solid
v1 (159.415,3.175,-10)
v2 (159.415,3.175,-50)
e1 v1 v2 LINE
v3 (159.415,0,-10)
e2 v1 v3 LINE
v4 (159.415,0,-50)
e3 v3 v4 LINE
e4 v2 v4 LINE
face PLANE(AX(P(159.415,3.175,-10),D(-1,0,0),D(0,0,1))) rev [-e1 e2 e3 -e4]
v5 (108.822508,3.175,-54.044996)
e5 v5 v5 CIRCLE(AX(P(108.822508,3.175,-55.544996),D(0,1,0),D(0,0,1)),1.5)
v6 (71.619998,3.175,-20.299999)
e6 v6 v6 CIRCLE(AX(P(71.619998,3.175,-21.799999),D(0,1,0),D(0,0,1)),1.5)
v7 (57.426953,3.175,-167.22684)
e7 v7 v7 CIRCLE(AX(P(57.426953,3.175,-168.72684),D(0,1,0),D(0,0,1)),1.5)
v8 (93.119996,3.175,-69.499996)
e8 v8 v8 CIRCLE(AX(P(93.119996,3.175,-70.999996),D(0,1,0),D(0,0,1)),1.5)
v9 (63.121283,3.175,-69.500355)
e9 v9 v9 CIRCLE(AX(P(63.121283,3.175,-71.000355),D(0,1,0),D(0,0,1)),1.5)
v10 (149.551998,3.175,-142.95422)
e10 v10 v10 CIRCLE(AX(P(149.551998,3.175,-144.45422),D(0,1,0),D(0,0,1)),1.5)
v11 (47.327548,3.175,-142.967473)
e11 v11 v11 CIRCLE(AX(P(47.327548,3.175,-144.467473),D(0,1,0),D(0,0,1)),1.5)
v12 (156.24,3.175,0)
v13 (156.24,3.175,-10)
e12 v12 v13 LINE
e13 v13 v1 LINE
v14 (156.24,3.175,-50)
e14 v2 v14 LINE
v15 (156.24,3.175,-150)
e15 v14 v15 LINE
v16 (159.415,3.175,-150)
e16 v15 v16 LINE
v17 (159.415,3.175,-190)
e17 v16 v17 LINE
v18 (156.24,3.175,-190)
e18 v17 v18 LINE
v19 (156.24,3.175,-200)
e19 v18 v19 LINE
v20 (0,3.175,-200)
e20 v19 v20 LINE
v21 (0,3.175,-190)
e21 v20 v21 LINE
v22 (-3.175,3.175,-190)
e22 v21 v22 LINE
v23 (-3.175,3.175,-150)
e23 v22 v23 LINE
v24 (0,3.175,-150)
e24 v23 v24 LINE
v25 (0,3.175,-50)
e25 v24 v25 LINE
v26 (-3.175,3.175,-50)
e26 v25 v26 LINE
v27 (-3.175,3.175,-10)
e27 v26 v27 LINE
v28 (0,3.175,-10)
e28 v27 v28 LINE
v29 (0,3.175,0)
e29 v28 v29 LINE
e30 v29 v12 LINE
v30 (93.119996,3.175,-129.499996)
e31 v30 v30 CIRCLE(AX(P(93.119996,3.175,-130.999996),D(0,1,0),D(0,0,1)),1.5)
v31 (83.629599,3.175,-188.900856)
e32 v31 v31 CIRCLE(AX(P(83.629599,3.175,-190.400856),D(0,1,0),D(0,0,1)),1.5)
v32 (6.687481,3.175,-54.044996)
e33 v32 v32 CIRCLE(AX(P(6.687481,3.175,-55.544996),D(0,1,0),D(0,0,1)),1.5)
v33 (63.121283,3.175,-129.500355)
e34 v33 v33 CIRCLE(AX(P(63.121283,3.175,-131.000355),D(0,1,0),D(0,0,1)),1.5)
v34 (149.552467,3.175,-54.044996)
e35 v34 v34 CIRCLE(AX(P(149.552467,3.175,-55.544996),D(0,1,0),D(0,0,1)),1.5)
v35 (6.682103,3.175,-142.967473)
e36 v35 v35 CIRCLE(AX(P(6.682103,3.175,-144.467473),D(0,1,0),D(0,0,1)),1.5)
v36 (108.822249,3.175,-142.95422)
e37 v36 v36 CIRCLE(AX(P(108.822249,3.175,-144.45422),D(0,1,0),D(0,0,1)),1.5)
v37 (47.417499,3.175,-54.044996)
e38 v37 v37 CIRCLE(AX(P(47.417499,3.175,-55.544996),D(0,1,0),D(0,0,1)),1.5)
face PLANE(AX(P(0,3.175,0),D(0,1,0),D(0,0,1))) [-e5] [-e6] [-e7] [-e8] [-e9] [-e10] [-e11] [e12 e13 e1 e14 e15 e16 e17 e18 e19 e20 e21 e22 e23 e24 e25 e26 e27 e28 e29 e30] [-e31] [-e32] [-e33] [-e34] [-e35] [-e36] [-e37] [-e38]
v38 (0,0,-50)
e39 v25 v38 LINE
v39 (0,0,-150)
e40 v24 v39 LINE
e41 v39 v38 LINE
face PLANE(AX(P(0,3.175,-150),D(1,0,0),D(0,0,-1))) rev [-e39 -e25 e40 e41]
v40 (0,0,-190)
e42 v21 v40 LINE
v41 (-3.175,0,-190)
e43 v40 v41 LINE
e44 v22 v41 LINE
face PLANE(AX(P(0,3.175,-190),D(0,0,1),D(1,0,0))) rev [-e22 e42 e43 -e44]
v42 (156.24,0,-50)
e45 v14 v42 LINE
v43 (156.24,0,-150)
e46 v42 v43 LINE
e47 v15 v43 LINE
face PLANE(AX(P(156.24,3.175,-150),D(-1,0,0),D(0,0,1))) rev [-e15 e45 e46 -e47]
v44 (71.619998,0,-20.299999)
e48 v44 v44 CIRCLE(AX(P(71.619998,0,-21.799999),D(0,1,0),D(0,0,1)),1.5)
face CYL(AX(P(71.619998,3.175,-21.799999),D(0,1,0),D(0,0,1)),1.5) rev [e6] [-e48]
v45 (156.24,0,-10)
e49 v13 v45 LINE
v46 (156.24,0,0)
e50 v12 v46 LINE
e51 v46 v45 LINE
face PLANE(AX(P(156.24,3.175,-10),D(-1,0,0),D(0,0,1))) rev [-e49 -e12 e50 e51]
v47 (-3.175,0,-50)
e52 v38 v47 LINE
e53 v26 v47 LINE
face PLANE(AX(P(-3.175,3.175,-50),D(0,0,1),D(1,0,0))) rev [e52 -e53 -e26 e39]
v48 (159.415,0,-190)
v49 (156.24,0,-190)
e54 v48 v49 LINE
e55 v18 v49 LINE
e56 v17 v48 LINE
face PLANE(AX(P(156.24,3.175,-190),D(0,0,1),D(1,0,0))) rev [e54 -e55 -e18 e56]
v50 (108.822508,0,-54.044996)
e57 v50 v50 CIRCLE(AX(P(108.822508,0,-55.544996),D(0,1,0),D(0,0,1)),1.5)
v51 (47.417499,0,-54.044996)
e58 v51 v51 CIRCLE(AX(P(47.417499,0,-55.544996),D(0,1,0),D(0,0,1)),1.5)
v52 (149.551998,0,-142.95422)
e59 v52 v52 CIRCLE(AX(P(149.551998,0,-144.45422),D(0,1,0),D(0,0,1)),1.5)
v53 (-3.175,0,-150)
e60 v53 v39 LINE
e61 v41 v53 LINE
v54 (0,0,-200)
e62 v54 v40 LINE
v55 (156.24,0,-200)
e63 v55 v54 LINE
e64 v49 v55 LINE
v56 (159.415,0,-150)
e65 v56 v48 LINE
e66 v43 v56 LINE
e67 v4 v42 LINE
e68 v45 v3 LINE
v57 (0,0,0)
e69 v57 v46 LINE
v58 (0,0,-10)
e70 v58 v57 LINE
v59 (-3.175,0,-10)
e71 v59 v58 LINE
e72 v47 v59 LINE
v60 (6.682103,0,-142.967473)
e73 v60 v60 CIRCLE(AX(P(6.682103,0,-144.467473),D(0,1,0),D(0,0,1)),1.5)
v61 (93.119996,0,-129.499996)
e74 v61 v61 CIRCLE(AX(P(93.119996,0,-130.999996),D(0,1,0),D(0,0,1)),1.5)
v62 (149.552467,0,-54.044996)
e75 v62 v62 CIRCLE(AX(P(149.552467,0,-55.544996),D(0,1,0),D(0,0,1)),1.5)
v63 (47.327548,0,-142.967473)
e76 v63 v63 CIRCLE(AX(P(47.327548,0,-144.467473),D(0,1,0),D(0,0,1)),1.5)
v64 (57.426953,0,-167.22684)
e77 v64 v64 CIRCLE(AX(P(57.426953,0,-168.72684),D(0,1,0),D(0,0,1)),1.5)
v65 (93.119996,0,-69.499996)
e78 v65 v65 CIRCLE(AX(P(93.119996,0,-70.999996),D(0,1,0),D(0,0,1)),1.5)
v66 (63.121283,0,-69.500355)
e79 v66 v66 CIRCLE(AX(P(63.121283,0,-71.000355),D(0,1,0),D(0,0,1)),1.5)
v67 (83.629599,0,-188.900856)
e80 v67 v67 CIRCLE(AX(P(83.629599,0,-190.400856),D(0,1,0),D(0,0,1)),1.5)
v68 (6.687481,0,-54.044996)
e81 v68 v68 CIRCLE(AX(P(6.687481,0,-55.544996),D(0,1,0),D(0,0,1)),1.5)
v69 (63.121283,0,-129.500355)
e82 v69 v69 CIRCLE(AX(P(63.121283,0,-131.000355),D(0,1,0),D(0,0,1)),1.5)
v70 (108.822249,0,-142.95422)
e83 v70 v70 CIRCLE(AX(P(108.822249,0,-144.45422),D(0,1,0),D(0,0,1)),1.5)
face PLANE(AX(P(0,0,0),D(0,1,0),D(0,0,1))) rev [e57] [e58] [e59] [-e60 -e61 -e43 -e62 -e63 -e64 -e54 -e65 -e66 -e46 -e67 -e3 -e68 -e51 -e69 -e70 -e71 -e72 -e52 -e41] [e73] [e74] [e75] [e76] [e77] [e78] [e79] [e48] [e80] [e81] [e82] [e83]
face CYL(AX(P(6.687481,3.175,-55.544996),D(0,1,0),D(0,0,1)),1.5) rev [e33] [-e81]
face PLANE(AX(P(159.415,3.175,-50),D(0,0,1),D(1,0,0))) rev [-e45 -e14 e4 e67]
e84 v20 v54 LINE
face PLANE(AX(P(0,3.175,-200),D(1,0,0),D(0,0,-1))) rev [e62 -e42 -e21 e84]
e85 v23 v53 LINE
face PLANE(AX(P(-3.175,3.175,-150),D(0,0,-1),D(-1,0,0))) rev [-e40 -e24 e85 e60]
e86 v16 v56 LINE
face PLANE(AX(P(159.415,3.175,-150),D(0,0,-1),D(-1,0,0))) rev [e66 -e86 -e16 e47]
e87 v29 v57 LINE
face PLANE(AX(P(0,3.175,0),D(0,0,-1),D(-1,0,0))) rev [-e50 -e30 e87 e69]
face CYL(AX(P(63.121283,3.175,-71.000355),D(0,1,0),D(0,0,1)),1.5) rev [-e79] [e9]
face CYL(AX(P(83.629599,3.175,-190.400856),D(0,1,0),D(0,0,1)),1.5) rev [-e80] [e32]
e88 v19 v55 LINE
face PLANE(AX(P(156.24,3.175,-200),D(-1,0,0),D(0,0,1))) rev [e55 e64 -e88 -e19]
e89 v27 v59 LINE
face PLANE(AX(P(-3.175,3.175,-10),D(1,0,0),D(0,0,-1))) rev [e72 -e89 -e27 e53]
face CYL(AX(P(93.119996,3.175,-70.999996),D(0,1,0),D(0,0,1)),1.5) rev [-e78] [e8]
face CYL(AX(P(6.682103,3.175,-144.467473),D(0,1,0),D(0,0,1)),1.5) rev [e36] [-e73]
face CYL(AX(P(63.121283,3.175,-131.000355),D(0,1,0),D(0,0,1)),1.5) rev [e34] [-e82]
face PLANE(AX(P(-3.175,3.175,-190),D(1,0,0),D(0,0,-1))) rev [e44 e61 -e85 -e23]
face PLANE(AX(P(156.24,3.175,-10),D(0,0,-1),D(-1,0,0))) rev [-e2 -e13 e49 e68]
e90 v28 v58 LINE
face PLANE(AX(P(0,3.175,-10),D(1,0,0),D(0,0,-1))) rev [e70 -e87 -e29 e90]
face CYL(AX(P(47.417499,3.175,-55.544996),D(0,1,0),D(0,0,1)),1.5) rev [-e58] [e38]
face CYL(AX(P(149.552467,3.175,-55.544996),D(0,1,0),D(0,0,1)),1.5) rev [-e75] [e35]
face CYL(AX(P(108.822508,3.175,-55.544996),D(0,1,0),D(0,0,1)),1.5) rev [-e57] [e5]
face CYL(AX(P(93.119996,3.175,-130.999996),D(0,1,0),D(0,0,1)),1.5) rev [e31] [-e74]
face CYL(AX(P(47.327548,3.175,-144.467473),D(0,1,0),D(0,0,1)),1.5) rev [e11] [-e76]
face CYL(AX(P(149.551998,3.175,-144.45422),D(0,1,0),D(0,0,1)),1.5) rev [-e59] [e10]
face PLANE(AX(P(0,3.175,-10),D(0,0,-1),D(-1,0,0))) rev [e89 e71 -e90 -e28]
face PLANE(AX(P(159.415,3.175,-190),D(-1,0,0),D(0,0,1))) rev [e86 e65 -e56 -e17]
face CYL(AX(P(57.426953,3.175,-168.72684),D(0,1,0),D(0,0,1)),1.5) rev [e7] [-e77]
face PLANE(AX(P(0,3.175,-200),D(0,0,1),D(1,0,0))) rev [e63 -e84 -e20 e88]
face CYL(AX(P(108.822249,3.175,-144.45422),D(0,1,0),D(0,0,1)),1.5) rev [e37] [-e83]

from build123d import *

# Parameters (mm, degrees)
BOSS_EXTRUDE1_DEPTH      = 3.175
F_1_0_1_DIAMETER_HOLE1_D = 3
F_3_0_3_DIAMETER_HOLE1_D = 3


with BuildPart() as part:
    # Sketch1 → Boss-Extrude1 (new body)
    with BuildSketch(Plane(origin=(0, 0, 0), x_dir=(1, 0, 0), z_dir=(0, 1, 0))):
        Polygon((0, 190), (-3.175, 190), (-3.175, 150), (0, 150), (0, 50), (-3.175, 50), (-3.175, 10), (0, 10), (0, 0), (156.24, 0), (156.24, 10), (159.415, 10), (159.415, 50), (156.24, 50), (156.24, 150), (159.415, 150), (159.415, 190), (156.24, 190), (156.24, 200), (0, 200), align=None)
    extrude(amount=BOSS_EXTRUDE1_DEPTH)

    # Ø1.0 (1) Diameter Hole1 (through all)
    with Locations(Plane(origin=(0, 3.175, 0), x_dir=(1, 0, 0), z_dir=(0, 1, 0))):
        with Locations((47.327548064, 144.467472705), (6.682102799, 144.467472705), (57.426953427, 168.726839726), (83.629599498, 190.400856446), (108.822249068, 144.454220349), (149.551998107, 144.454220349), (47.417498943, 55.54499618), (108.822508358, 55.54499618), (149.552467088, 55.54499618), (71.619997678, 21.799999041), (6.6874813, 55.54499618)):
            Hole(F_1_0_1_DIAMETER_HOLE1_D / 2)

    # Ø3.0 (3) Diameter Hole1 (through all)
    with Locations(Plane(origin=(0, 3.175, 0), x_dir=(1, 0, 0), z_dir=(0, 1, 0))):
        with Locations((63.121282677, 131.000354826), (93.119995544, 130.999996355), (63.121282677, 71.000354826), (93.119995544, 70.999996355)):
            Hole(F_3_0_3_DIAMETER_HOLE1_D / 2)


solid = part.part
